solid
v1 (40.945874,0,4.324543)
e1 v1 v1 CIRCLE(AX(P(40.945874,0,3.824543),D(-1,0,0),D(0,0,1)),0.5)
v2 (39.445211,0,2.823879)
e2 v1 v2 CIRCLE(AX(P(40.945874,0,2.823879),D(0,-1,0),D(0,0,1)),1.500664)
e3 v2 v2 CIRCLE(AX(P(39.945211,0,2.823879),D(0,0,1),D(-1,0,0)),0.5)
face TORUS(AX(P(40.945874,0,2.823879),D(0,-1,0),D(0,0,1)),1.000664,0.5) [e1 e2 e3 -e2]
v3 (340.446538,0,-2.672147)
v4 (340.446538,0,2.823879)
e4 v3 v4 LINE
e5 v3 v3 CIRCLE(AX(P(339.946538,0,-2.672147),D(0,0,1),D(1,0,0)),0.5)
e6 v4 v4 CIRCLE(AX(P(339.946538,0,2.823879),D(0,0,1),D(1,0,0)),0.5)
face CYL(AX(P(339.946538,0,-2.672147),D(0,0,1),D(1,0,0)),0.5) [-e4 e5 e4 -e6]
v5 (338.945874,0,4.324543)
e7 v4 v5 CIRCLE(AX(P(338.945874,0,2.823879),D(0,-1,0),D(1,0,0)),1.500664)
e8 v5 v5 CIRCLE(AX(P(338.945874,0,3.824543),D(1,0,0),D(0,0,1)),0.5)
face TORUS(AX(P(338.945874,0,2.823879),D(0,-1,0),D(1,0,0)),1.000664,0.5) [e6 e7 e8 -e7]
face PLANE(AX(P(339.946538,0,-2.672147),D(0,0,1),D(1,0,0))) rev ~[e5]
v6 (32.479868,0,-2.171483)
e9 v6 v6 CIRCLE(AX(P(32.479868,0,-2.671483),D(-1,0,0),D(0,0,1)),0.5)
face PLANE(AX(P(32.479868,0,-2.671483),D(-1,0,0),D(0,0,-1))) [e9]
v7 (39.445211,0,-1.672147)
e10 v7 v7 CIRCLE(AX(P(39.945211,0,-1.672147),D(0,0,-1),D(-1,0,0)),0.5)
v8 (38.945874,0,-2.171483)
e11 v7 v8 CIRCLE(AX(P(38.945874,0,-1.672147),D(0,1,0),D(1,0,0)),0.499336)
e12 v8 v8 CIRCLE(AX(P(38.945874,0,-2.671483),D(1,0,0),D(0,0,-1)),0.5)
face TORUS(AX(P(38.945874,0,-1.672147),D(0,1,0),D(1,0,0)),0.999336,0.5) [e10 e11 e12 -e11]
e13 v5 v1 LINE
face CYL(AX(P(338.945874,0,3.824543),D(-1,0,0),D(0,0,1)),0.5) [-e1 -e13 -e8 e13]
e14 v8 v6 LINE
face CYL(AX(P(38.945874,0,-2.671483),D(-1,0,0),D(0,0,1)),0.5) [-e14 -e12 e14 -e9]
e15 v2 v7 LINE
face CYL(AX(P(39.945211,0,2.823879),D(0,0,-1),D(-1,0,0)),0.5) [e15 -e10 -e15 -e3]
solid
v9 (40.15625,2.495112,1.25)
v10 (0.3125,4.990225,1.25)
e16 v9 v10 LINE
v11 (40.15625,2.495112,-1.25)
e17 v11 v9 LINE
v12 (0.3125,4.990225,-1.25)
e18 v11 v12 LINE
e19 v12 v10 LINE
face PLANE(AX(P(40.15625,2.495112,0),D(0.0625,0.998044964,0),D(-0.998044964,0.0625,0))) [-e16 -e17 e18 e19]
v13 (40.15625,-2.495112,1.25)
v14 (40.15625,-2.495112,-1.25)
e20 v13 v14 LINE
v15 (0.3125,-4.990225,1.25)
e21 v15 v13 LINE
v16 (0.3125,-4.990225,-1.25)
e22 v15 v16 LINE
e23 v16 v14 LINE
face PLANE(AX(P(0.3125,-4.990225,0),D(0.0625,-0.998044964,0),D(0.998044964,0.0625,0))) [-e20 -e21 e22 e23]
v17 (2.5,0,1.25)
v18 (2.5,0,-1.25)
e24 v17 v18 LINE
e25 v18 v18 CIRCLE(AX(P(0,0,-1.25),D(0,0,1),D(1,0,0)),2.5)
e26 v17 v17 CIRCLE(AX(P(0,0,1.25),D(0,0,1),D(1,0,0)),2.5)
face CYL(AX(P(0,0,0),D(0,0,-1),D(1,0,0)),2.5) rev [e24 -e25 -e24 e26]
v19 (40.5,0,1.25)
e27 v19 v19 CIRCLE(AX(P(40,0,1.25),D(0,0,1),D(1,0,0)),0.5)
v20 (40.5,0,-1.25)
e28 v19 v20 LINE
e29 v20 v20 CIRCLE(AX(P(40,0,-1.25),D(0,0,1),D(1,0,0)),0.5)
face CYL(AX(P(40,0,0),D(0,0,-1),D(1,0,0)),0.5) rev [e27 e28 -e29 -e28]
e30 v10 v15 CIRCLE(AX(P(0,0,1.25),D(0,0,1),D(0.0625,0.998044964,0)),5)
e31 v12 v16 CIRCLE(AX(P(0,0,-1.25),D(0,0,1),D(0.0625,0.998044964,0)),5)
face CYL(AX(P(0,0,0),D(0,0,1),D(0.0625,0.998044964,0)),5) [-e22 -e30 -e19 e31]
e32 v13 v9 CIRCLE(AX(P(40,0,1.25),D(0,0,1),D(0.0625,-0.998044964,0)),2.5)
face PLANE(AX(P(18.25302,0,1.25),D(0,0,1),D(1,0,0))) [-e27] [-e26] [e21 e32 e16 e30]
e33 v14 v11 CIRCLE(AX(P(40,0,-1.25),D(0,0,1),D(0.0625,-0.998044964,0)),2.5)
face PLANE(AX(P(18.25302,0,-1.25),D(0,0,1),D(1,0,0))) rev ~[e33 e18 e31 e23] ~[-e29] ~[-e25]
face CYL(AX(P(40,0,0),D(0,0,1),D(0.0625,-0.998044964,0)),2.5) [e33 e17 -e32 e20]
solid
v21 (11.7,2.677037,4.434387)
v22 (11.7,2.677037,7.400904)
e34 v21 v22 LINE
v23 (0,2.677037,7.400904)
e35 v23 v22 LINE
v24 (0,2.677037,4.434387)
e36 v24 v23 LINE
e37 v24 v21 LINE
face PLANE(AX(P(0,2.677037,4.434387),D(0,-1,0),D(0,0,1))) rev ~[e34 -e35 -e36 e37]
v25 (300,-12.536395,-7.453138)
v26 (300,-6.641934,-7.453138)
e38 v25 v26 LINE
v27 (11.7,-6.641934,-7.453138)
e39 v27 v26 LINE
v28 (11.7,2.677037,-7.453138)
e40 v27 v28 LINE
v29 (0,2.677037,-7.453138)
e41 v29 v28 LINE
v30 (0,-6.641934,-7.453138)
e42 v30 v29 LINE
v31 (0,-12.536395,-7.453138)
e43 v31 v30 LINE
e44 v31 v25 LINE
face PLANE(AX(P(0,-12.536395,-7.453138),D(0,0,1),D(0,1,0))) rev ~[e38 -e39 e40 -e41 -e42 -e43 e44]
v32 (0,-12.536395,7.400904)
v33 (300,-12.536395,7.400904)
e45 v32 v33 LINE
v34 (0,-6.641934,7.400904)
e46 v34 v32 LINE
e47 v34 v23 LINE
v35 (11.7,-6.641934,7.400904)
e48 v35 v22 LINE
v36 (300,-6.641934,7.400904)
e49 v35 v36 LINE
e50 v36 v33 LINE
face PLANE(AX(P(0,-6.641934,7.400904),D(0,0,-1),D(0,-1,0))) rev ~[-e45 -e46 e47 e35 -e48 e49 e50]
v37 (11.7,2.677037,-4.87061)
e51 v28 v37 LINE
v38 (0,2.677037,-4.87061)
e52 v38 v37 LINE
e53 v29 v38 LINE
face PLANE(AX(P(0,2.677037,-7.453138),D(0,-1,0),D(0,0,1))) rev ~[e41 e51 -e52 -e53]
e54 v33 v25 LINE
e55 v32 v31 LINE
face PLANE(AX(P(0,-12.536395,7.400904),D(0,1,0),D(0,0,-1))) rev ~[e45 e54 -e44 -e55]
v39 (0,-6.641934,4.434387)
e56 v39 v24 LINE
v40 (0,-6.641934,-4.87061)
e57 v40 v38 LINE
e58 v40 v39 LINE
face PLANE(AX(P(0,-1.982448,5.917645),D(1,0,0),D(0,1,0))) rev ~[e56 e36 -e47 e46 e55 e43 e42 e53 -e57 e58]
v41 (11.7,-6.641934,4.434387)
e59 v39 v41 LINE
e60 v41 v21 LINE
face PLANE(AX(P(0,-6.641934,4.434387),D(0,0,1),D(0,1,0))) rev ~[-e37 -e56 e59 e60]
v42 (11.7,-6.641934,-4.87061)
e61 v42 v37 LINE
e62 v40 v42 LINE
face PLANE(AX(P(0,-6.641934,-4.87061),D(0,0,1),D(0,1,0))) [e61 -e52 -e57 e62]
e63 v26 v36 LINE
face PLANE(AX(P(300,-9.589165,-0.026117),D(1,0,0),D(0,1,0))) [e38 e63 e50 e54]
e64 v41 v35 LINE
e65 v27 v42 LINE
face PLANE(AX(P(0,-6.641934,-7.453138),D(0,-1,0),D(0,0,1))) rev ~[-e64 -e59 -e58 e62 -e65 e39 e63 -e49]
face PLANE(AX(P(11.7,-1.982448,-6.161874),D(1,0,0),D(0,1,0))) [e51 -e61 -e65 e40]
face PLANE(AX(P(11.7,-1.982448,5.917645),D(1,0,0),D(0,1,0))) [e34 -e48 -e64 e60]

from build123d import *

# Parameters (mm, degrees)
F1_R     = 2.5
F1_R_2   = 0.5
F2_DEPTH = 1.25
F5_R     = 0.5
F8_DEPTH = 300
F7_W     = 9.3189708423
F7_H     = 2.9665171169
F7_H_2   = 2.5825281627
F9_DEPTH = 11.7


with BuildPart() as f2:
    # F1 (on face) → F2 (new body, symmetric)
    with BuildSketch(Plane.XY):
        with BuildLine():
            ThreePointArc((40.15625, -2.4951124098), (42.5, 0), (40.15625, 2.4951124098))
            Line((40.15625, 2.4951124098), (0.3125, 4.9902248196))
            ThreePointArc((0.3125, 4.9902248196), (-5, 0), (0.3125, -4.9902248196))
            Line((0.3125, -4.9902248196), (40.15625, -2.4951124098))
        make_face()
        Circle(F1_R, mode=Mode.SUBTRACT)
        with Locations((40, 0)):
            Circle(F1_R_2, mode=Mode.SUBTRACT)
    extrude(amount=F2_DEPTH, both=True)


with BuildPart() as f6:
    # F6: sweep along a path in F3
    with BuildLine(Plane.XZ) as f6_path:
        Line((339.9458743632, -2.672146773), (339.9458743632, 2.8238787092))
        ThreePointArc((339.9458743632, 2.8238787092), (339.6529811444, 3.5309854904), (338.9458743632, 3.8238787092))
        Line((338.9458743632, 3.8238787092), (40.9458743632, 3.8238787092))
        ThreePointArc((40.9458743632, 3.8238787092), (40.238767582, 3.5309854904), (39.9458743632, 2.8238787092))
        Line((39.9458743632, 2.8238787092), (39.9458743632, 0))
        Line((39.9458743632, 0), (39.9458743632, -1.672146773))
        ThreePointArc((39.9458743632, -1.672146773), (39.6529811444, -2.3792535542), (38.9458743632, -2.672146773))
        Line((38.9458743632, -2.672146773), (32.4798679948, -2.672146773))
    # F5 (on plane+point) → F6 (sweep)
    with BuildSketch(Plane.XY.offset(-2.672146773)):
        with Locations((339.9465382099, 0)):
            Circle(F5_R)
    sweep(path=f6_path.line)


with BuildPart() as f8:
    # F7 (on Right) → F8 (new body)
    with BuildSketch(Plane.YZ):
        Polygon((-6.6419336945, 7.4009038508), (-12.5363953412, 7.4009038508), (-12.5363953412, -7.4531384744), (-6.6419336945, -7.4531384744), (-6.6419336945, -4.8706103116), (-6.6419336945, 4.4343867339), align=None)
    extrude(amount=F8_DEPTH)

    # F7 (on Right) → F9 (join)
    with BuildSketch(Plane.YZ):
        with Locations((-1.9824482733, 5.9176452924)):
            Rectangle(F7_W, F7_H)
        with Locations((-1.9824482733, -6.161874393)):
            Rectangle(F7_W, F7_H_2)
    extrude(amount=F9_DEPTH)


solid = Compound([f2.part, f6.part, f8.part])
